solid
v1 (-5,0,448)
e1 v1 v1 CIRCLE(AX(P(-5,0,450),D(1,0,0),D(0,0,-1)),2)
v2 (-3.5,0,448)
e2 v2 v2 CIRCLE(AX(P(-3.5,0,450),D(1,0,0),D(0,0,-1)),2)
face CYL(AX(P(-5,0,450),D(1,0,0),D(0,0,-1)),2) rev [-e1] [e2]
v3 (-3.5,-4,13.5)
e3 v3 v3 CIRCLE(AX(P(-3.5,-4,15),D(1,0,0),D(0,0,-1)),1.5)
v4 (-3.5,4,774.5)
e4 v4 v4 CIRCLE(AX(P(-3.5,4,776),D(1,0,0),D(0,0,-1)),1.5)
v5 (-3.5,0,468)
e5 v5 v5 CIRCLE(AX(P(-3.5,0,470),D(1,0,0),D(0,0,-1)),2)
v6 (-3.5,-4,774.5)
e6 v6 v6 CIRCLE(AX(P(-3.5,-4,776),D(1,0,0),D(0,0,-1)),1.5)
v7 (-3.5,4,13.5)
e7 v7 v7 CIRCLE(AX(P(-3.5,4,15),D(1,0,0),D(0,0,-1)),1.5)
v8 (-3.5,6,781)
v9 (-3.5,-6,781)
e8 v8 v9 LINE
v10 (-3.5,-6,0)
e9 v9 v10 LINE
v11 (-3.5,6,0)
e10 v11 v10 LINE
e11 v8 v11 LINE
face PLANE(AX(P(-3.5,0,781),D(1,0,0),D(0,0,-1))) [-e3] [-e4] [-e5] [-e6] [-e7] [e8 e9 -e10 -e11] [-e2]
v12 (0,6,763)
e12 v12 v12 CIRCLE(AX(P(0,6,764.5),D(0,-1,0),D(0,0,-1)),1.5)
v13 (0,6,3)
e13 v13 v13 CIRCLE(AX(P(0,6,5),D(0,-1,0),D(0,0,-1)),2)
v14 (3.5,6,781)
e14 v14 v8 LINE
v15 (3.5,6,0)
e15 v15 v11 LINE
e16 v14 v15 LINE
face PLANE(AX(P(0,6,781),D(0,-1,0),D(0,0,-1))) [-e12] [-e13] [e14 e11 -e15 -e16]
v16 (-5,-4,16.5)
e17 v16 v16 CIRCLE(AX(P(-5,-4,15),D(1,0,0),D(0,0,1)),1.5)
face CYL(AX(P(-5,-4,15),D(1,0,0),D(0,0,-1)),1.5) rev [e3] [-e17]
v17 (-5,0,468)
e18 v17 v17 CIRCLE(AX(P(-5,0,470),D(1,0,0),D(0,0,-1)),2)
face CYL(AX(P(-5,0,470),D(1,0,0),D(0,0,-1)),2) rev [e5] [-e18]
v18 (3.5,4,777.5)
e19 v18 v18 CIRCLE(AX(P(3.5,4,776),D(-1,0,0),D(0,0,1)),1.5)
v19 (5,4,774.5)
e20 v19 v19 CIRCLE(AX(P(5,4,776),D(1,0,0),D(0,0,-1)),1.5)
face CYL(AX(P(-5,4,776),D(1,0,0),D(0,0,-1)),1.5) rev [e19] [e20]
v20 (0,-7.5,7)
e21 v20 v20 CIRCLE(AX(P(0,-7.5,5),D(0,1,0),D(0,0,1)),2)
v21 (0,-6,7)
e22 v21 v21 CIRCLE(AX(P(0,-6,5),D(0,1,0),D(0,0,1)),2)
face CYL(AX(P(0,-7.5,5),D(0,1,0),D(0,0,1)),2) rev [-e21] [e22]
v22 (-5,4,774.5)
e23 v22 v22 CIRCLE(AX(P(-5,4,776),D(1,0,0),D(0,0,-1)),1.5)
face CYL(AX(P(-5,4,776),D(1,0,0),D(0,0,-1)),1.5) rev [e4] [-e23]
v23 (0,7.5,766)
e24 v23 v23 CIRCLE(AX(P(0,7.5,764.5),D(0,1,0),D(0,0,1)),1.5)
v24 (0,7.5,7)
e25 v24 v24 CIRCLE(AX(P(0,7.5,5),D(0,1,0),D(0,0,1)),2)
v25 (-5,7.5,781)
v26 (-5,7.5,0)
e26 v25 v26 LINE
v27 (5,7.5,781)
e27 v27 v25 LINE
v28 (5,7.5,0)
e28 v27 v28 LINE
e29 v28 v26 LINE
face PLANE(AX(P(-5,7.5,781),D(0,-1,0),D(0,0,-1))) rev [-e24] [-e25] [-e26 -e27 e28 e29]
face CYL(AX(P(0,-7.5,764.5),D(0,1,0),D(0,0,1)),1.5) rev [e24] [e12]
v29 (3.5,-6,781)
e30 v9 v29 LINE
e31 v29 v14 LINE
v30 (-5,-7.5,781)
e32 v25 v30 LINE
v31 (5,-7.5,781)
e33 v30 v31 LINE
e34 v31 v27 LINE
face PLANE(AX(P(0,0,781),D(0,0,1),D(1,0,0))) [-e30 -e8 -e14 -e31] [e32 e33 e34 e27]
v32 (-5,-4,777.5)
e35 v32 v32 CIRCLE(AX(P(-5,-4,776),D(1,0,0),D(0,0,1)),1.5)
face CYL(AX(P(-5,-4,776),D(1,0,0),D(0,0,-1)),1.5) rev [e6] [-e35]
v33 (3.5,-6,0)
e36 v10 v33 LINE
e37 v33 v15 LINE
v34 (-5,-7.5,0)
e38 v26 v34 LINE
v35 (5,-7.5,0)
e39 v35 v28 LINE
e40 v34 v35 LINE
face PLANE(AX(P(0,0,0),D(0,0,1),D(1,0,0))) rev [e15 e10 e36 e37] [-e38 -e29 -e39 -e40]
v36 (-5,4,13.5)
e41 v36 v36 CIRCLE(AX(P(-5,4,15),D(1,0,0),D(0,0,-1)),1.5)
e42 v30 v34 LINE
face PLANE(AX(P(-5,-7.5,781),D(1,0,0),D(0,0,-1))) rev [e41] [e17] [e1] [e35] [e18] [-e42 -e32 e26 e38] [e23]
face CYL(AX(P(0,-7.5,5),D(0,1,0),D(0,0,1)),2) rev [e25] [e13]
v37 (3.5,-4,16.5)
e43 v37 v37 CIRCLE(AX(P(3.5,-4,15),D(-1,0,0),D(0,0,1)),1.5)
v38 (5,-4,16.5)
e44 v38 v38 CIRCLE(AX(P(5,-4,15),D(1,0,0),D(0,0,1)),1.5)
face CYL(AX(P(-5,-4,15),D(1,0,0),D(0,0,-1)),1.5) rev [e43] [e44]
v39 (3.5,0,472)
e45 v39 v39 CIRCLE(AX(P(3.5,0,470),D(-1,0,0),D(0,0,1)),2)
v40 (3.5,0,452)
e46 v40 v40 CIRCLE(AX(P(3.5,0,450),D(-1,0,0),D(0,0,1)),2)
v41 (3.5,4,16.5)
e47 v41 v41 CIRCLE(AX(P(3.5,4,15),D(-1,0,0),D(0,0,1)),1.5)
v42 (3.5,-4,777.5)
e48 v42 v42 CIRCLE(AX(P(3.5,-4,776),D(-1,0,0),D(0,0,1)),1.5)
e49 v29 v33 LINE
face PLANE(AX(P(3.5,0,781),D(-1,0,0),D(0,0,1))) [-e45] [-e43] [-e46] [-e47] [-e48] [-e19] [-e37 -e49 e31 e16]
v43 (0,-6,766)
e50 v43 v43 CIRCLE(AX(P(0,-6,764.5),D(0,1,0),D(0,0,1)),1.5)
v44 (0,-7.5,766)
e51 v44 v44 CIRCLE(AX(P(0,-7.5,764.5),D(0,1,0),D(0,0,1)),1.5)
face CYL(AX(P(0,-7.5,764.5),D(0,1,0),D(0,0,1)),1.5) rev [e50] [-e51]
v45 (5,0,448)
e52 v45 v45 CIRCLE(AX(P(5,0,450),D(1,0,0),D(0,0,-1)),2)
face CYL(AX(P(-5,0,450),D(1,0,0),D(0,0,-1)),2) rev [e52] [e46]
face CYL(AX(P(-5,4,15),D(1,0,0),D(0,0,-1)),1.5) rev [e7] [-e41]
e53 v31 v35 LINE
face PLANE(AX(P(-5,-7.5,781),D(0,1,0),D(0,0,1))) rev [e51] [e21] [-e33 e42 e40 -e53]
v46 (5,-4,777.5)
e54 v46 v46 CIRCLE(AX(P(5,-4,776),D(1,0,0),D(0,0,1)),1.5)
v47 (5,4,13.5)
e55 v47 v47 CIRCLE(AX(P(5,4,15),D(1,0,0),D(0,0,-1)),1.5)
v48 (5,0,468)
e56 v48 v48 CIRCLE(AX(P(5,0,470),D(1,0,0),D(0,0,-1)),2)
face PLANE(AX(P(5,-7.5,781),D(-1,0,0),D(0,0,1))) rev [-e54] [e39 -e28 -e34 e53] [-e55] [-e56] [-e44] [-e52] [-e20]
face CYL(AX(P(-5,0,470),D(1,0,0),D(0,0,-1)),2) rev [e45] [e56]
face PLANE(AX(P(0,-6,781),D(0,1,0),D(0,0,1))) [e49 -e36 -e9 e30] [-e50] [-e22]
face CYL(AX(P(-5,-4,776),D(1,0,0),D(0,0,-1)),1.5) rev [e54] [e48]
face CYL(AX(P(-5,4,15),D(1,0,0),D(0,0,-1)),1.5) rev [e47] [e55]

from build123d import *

# Parameters (mm, degrees)
SKETCH_1_W          = 10
SKETCH_1_H          = 15
SKETCH_1_W_2        = 7
SKETCH_1_H_2        = 12
EXTRUDE_1_DEPTH     = 781
SKETCH_2_R          = 2
SKETCH_2_R_2        = 1.5
CUT_EXTRUDE_1_DEPTH = 782.100025605
SKETCH_3_R          = 2
SKETCH_3_R_2        = 1.5
CUT_EXTRUDE_2_DEPTH = 782.16003482


with BuildPart() as part:
    # ｽｹｯﾁ1 → 押し出し-薄板1 (new body)
    with BuildSketch(Plane.XY):
        Rectangle(SKETCH_1_W, SKETCH_1_H)
        Rectangle(SKETCH_1_W_2, SKETCH_1_H_2, mode=Mode.SUBTRACT)
    extrude(amount=EXTRUDE_1_DEPTH)

    # ｽｹｯﾁ2 → ｶｯﾄ - 押し出し1 (cut, through all)
    with BuildSketch(Plane(origin=(5, 0, 0), x_dir=(0, 0, -1), z_dir=(1, 0, 0))):
        with Locations((-470, 0)):
            Circle(SKETCH_2_R)
        with Locations((-450, 0)):
            Circle(SKETCH_2_R)
        with Locations((-15, 4)):
            Circle(SKETCH_2_R_2)
        with Locations((-15, -4)):
            Circle(SKETCH_2_R_2)
        with Locations((-776, 4)):
            Circle(SKETCH_2_R_2)
        with Locations((-776, -4)):
            Circle(SKETCH_2_R_2)
    extrude(amount=-CUT_EXTRUDE_1_DEPTH, mode=Mode.SUBTRACT)

    # ｽｹｯﾁ3 → ｶｯﾄ - 押し出し2 (cut, through all)
    with BuildSketch(Plane(origin=(0, 7.5, 0), x_dir=(1, 0, 0), z_dir=(0, 1, 0))):
        with Locations(Location((0, -5, 0), (0, 0, 270))):
            Circle(SKETCH_3_R)
        with Locations(Location((0, -764.5, 0), (0, 0, 270))):
            Circle(SKETCH_3_R_2)
    extrude(amount=-CUT_EXTRUDE_2_DEPTH, mode=Mode.SUBTRACT)


solid = part.part
